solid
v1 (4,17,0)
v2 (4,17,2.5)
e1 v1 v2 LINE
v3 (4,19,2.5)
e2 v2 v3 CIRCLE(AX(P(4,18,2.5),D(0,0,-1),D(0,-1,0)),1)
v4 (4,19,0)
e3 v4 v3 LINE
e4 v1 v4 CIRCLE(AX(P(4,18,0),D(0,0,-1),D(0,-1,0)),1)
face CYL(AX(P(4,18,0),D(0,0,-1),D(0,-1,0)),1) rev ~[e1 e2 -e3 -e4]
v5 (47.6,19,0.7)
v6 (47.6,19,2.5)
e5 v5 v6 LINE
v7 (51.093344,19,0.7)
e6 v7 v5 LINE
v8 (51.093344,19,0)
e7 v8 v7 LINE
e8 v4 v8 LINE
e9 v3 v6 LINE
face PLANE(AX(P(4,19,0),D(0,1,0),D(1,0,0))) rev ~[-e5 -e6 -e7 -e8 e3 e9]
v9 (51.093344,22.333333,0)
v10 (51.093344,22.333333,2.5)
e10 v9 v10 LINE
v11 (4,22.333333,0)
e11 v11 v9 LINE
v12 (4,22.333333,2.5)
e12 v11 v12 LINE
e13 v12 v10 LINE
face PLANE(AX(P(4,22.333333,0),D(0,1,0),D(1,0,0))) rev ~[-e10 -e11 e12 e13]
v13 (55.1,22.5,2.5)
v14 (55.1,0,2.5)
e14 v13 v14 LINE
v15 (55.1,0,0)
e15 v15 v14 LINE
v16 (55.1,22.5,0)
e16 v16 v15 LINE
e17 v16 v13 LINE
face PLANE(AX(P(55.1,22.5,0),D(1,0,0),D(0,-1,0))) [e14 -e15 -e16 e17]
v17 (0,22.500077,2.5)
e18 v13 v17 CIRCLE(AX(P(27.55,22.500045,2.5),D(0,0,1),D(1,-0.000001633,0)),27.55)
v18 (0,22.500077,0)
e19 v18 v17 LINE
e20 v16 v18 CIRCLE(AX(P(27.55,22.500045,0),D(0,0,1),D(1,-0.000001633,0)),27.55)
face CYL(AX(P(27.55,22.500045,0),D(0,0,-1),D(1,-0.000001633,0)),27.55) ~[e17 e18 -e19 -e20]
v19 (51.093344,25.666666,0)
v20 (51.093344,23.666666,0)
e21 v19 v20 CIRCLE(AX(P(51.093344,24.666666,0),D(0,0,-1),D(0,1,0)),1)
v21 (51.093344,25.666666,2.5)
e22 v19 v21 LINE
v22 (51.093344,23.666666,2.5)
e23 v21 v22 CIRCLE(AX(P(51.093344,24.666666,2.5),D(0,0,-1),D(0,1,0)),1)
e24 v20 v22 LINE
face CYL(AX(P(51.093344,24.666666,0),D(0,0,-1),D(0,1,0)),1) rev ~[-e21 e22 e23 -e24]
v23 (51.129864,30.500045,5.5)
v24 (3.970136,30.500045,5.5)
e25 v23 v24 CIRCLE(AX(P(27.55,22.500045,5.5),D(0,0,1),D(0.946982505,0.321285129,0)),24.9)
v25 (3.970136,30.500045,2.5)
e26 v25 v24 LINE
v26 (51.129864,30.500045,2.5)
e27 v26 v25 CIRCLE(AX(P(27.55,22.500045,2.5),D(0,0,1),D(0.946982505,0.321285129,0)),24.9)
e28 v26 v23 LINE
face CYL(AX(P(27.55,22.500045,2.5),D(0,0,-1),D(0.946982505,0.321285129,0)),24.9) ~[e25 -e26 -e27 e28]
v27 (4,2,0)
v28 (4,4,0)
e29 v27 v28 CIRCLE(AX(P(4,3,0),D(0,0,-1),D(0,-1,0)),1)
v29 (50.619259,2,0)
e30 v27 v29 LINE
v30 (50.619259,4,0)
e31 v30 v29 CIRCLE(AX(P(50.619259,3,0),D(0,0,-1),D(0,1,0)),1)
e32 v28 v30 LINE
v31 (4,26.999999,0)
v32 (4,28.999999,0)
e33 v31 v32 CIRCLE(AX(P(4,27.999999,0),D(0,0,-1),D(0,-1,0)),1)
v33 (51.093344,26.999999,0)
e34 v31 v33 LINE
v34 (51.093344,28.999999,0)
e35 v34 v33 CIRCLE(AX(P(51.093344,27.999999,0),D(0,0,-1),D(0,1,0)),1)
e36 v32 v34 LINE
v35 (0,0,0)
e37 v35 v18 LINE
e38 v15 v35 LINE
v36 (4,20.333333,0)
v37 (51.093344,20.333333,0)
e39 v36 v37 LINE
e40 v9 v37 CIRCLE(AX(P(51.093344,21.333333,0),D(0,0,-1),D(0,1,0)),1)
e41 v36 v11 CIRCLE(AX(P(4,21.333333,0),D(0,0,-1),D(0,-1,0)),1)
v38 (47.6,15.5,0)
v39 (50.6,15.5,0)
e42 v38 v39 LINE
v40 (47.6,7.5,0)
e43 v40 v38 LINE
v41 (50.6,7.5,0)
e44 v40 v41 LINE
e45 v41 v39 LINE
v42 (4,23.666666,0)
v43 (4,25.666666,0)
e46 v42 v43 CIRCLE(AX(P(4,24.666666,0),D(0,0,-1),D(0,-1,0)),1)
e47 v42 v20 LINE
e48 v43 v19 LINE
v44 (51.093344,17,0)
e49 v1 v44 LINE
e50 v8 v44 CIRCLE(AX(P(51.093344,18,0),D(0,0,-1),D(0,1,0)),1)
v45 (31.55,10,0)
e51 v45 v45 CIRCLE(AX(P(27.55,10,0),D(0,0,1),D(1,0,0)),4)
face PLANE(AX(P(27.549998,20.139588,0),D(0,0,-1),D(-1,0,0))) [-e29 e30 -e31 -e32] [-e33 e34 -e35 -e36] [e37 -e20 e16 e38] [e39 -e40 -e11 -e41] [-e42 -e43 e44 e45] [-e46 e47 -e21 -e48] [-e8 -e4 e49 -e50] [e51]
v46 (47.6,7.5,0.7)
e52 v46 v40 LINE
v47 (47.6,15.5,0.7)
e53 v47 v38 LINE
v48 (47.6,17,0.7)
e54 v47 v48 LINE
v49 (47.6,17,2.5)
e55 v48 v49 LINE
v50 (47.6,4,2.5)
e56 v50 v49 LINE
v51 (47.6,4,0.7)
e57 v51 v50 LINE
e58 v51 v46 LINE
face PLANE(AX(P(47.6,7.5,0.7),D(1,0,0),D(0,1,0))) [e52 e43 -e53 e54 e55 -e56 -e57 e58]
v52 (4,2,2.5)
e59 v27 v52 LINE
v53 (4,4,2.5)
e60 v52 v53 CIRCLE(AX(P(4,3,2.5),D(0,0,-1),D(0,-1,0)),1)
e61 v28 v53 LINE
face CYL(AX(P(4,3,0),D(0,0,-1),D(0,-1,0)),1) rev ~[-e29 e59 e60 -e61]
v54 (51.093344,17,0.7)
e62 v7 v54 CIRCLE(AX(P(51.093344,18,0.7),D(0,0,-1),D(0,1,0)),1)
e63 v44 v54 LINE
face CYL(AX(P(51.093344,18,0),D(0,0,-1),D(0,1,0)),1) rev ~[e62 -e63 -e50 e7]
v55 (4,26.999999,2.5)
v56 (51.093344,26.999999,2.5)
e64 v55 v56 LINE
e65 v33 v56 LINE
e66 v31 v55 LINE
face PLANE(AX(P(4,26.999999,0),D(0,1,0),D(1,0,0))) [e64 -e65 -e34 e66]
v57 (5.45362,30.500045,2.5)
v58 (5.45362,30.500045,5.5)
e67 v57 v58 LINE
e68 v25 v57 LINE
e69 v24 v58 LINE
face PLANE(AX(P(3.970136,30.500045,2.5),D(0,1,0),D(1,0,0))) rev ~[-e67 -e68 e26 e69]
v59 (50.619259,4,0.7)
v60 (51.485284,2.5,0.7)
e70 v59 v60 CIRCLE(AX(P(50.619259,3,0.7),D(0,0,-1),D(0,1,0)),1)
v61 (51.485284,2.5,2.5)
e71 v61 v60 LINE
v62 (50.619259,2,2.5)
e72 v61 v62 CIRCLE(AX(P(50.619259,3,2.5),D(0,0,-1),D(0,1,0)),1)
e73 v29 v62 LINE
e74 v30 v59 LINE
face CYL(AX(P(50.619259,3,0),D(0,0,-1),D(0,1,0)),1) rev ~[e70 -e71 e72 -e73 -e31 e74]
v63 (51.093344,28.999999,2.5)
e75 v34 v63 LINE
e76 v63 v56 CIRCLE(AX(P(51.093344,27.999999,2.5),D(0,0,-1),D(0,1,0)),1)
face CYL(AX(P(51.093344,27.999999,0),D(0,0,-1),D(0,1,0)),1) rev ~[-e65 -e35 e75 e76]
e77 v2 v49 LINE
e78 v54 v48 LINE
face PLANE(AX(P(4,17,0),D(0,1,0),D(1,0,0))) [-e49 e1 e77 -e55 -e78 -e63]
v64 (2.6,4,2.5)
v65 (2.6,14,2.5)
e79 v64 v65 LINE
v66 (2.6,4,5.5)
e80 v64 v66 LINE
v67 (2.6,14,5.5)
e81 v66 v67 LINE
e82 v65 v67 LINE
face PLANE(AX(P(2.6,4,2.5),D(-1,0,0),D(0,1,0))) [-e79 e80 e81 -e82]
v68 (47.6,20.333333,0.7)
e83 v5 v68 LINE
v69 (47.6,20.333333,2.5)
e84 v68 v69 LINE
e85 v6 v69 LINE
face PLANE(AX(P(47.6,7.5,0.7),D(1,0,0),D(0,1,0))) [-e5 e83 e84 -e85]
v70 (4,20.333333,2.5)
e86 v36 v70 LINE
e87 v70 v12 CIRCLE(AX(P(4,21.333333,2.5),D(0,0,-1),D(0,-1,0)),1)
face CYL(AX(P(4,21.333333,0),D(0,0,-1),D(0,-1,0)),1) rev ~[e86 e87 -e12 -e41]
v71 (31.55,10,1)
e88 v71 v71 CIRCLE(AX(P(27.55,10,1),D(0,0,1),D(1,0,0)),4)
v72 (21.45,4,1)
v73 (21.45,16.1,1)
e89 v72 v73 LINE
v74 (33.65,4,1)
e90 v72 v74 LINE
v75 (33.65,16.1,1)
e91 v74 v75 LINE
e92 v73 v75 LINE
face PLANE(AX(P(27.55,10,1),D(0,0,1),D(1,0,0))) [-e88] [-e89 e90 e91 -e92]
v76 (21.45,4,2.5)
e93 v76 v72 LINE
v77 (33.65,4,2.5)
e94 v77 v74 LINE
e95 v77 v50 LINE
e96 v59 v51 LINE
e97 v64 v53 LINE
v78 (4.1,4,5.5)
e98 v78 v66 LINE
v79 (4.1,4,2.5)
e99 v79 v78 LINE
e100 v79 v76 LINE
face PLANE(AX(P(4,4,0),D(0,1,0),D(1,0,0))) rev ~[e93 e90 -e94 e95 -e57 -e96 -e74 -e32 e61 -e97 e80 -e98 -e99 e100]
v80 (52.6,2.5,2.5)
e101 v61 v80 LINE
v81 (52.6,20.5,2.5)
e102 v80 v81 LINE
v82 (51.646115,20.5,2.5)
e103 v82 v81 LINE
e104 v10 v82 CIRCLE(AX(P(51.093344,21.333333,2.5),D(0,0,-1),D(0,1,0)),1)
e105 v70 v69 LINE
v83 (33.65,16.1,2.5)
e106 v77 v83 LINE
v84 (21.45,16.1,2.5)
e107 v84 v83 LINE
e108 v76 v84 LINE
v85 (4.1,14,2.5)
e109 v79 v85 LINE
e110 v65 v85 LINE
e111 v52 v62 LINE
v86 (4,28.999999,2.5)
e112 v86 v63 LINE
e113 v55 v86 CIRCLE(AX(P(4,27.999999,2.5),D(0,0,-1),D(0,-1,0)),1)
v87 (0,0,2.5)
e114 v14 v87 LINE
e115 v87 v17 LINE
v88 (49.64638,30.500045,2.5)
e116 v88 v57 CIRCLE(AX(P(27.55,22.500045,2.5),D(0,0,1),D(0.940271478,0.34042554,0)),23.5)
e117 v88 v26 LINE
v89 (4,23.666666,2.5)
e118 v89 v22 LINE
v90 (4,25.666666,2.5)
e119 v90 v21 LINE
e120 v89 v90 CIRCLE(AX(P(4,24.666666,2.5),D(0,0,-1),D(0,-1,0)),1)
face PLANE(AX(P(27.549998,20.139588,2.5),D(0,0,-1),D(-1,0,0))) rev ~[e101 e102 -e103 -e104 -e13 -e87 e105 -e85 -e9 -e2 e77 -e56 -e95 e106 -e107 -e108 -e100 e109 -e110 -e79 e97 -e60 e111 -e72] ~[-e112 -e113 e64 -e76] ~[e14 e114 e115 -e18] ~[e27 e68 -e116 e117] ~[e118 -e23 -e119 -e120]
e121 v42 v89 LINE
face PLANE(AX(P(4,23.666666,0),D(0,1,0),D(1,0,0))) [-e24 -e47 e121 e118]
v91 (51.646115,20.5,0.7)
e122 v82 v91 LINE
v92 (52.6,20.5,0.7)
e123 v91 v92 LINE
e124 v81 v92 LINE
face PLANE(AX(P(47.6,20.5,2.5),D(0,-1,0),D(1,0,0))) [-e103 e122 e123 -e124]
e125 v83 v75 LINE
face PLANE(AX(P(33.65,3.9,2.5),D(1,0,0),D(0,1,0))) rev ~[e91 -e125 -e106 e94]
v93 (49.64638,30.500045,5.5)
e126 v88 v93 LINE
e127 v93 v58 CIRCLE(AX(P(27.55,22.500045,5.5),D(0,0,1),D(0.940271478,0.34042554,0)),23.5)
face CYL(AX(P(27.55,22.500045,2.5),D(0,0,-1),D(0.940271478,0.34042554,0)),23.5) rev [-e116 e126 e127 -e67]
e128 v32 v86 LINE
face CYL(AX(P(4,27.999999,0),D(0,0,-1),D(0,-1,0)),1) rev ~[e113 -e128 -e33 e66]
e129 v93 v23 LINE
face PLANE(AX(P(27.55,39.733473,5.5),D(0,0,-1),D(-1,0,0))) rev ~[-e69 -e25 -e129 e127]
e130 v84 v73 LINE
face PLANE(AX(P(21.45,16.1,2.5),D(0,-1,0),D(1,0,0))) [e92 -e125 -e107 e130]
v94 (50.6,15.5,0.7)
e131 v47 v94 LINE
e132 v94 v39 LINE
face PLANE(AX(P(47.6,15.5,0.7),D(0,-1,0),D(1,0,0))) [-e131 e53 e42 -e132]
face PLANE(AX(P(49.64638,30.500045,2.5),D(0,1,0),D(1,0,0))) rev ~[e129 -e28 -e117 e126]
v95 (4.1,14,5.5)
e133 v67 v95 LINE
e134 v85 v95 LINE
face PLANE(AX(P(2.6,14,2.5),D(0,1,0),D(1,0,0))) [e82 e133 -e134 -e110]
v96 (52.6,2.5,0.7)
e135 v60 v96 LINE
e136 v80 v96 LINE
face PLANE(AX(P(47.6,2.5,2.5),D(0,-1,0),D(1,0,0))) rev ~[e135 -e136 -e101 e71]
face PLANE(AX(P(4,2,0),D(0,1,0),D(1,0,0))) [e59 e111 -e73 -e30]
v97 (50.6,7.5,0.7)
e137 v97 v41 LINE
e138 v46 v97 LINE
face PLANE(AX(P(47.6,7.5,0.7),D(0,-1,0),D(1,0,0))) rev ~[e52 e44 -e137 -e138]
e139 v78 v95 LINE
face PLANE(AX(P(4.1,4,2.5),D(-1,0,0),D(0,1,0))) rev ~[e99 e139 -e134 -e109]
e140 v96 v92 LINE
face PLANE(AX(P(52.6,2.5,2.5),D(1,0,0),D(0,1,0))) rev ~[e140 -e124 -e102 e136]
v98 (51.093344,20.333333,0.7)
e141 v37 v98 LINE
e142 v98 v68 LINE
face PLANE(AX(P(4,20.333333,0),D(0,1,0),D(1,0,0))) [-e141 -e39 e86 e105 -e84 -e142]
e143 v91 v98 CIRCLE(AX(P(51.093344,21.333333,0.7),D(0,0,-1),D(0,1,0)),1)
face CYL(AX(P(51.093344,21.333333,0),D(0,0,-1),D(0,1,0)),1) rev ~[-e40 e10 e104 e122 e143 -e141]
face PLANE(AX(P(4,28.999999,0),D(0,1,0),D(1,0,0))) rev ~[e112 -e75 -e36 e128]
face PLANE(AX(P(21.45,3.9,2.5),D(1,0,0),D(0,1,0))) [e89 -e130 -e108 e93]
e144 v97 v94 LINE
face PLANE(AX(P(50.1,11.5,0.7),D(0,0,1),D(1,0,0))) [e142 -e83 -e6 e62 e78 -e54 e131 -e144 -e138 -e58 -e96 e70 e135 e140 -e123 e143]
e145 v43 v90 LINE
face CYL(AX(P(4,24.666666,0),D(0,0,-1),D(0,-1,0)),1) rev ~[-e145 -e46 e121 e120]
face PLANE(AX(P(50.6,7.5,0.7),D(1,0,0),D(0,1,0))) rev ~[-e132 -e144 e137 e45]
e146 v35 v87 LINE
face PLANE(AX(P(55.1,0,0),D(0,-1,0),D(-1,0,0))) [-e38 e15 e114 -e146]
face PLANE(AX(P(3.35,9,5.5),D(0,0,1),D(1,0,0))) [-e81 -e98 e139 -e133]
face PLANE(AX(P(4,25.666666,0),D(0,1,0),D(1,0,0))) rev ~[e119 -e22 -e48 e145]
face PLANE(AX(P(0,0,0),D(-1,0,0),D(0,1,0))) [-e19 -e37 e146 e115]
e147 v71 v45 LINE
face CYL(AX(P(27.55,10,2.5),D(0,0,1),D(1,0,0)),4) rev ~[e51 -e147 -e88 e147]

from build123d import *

# Parameters (mm, degrees)
PAD_DEPTH           = 2.5
SKETCH_R            = 4
POCKET_DEPTH        = 2.5
SKETCH001_W         = 5
SKETCH001_H         = 18
POCKET001_DEPTH     = 1.8
SKETCH002_W         = 3
SKETCH002_H         = 8
POCKET002_DEPTH     = 0.7
POCKET003_DEPTH     = 2.501
LINEARPATTERN_COUNT = 4
LINEARPATTERN_PITCH = 3.333333
PAD001_DEPTH        = 3
SKETCH004_W         = 1.5
SKETCH004_H         = 10
PAD002_DEPTH        = 3
POCKET004_DEPTH     = 5.501
SKETCH005_W         = 12.2
SKETCH005_H         = 12.2
POCKET005_DEPTH     = 1.5


with BuildPart() as part:
    # CopySketch → Pad (new body)
    with BuildSketch(Plane.XY):
        with BuildLine():
            Line((55.1, 22.5), (55.1, 0))
            Line((55.1, 0), (0, 0))
            Line((0, 0), (0, 22.500077))
            ThreePointArc((55.1, 22.5), (27.550038, 50.050045), (0, 22.500077))
        make_face()
    extrude(amount=PAD_DEPTH)

    # Sketch (on Face6 of Pad) → Pocket (cut)
    with BuildSketch(Plane.XY.offset(2.5)):
        with Locations((27.55, 10)):
            Circle(SKETCH_R)
    extrude(amount=-POCKET_DEPTH, mode=Mode.SUBTRACT)

    # Sketch001 (on Face5 of Pocket) → Pocket001 (cut)
    with BuildSketch(Plane.XY.offset(2.5)):
        with Locations((50.1, 11.5)):
            Rectangle(SKETCH001_W, SKETCH001_H)
    extrude(amount=-POCKET001_DEPTH, mode=Mode.SUBTRACT)

    # Sketch002 (on Face12 of Pocket001) → Pocket002 (cut)
    with BuildSketch(Plane.XY.offset(0.7)):
        with Locations((49.1, 11.5)):
            Rectangle(SKETCH002_W, SKETCH002_H)
    extrude(amount=-POCKET002_DEPTH, mode=Mode.SUBTRACT)

    # CopyCopySketch003 → Pocket003 (cut, through all)
    with BuildSketch(Plane(origin=(0, 0, 0), x_dir=(1, 0, 0), z_dir=(0, 0, -1))):
        with BuildLine():
            ThreePointArc((4, -17), (3, -18), (4, -19))
            Line((4, -19), (51.093344, -19))
            ThreePointArc((51.093344, -19), (52.093344, -18), (51.093344, -17))
            Line((4, -17), (51.093344, -17))
        make_face()
    pocket003 = extrude(amount=-POCKET003_DEPTH, mode=Mode.SUBTRACT)

    # LinearPattern: Pocket003 ×4
    with Locations(*[(0, i * LINEARPATTERN_PITCH, 0) for i in range(1, LINEARPATTERN_COUNT)]):
        add(pocket003, mode=Mode.SUBTRACT)

    # Sketch003 (on Face5 of LinearPattern) → Pad001 (join)
    with BuildSketch(Plane.XY.offset(2.5)):
        with BuildLine():
            ThreePointArc((49.64638, 30.500045), (27.55, 46.000045), (5.45362, 30.500045))
            Line((3.970136, 30.500045), (5.45362, 30.500045))
            ThreePointArc((51.129864, 30.500045), (27.55, 47.400045), (3.970136, 30.500045))
            Line((49.64638, 30.500045), (51.129864, 30.500045))
        make_face()
    extrude(amount=PAD001_DEPTH)

    # Sketch004 (on Face5 of Pad001) → Pad002 (join)
    with BuildSketch(Plane.XY.offset(2.5)):
        with Locations((3.35, 9)):
            Rectangle(SKETCH004_W, SKETCH004_H)
    extrude(amount=PAD002_DEPTH)

    # CopySketch003 → Pocket004 (cut, through all)
    with BuildSketch(Plane(origin=(0, 0, 0), x_dir=(1, 0, 0), z_dir=(0, 0, -1))):
        with BuildLine():
            ThreePointArc((4, -2), (3, -3), (4, -4))
            Line((4, -4), (50.619259, -4))
            ThreePointArc((50.619259, -4), (51.619259, -3), (50.619259, -2))
            Line((4, -2), (50.619259, -2))
        make_face()
    extrude(amount=-POCKET004_DEPTH, mode=Mode.SUBTRACT)

    # Sketch005 (on Face5 of Pocket004) → Pocket005 (cut)
    with BuildSketch(Plane.XY.offset(2.5)):
        with Locations((27.55, 10)):
            Rectangle(SKETCH005_W, SKETCH005_H)
    extrude(amount=-POCKET005_DEPTH, mode=Mode.SUBTRACT)


solid = part.part
